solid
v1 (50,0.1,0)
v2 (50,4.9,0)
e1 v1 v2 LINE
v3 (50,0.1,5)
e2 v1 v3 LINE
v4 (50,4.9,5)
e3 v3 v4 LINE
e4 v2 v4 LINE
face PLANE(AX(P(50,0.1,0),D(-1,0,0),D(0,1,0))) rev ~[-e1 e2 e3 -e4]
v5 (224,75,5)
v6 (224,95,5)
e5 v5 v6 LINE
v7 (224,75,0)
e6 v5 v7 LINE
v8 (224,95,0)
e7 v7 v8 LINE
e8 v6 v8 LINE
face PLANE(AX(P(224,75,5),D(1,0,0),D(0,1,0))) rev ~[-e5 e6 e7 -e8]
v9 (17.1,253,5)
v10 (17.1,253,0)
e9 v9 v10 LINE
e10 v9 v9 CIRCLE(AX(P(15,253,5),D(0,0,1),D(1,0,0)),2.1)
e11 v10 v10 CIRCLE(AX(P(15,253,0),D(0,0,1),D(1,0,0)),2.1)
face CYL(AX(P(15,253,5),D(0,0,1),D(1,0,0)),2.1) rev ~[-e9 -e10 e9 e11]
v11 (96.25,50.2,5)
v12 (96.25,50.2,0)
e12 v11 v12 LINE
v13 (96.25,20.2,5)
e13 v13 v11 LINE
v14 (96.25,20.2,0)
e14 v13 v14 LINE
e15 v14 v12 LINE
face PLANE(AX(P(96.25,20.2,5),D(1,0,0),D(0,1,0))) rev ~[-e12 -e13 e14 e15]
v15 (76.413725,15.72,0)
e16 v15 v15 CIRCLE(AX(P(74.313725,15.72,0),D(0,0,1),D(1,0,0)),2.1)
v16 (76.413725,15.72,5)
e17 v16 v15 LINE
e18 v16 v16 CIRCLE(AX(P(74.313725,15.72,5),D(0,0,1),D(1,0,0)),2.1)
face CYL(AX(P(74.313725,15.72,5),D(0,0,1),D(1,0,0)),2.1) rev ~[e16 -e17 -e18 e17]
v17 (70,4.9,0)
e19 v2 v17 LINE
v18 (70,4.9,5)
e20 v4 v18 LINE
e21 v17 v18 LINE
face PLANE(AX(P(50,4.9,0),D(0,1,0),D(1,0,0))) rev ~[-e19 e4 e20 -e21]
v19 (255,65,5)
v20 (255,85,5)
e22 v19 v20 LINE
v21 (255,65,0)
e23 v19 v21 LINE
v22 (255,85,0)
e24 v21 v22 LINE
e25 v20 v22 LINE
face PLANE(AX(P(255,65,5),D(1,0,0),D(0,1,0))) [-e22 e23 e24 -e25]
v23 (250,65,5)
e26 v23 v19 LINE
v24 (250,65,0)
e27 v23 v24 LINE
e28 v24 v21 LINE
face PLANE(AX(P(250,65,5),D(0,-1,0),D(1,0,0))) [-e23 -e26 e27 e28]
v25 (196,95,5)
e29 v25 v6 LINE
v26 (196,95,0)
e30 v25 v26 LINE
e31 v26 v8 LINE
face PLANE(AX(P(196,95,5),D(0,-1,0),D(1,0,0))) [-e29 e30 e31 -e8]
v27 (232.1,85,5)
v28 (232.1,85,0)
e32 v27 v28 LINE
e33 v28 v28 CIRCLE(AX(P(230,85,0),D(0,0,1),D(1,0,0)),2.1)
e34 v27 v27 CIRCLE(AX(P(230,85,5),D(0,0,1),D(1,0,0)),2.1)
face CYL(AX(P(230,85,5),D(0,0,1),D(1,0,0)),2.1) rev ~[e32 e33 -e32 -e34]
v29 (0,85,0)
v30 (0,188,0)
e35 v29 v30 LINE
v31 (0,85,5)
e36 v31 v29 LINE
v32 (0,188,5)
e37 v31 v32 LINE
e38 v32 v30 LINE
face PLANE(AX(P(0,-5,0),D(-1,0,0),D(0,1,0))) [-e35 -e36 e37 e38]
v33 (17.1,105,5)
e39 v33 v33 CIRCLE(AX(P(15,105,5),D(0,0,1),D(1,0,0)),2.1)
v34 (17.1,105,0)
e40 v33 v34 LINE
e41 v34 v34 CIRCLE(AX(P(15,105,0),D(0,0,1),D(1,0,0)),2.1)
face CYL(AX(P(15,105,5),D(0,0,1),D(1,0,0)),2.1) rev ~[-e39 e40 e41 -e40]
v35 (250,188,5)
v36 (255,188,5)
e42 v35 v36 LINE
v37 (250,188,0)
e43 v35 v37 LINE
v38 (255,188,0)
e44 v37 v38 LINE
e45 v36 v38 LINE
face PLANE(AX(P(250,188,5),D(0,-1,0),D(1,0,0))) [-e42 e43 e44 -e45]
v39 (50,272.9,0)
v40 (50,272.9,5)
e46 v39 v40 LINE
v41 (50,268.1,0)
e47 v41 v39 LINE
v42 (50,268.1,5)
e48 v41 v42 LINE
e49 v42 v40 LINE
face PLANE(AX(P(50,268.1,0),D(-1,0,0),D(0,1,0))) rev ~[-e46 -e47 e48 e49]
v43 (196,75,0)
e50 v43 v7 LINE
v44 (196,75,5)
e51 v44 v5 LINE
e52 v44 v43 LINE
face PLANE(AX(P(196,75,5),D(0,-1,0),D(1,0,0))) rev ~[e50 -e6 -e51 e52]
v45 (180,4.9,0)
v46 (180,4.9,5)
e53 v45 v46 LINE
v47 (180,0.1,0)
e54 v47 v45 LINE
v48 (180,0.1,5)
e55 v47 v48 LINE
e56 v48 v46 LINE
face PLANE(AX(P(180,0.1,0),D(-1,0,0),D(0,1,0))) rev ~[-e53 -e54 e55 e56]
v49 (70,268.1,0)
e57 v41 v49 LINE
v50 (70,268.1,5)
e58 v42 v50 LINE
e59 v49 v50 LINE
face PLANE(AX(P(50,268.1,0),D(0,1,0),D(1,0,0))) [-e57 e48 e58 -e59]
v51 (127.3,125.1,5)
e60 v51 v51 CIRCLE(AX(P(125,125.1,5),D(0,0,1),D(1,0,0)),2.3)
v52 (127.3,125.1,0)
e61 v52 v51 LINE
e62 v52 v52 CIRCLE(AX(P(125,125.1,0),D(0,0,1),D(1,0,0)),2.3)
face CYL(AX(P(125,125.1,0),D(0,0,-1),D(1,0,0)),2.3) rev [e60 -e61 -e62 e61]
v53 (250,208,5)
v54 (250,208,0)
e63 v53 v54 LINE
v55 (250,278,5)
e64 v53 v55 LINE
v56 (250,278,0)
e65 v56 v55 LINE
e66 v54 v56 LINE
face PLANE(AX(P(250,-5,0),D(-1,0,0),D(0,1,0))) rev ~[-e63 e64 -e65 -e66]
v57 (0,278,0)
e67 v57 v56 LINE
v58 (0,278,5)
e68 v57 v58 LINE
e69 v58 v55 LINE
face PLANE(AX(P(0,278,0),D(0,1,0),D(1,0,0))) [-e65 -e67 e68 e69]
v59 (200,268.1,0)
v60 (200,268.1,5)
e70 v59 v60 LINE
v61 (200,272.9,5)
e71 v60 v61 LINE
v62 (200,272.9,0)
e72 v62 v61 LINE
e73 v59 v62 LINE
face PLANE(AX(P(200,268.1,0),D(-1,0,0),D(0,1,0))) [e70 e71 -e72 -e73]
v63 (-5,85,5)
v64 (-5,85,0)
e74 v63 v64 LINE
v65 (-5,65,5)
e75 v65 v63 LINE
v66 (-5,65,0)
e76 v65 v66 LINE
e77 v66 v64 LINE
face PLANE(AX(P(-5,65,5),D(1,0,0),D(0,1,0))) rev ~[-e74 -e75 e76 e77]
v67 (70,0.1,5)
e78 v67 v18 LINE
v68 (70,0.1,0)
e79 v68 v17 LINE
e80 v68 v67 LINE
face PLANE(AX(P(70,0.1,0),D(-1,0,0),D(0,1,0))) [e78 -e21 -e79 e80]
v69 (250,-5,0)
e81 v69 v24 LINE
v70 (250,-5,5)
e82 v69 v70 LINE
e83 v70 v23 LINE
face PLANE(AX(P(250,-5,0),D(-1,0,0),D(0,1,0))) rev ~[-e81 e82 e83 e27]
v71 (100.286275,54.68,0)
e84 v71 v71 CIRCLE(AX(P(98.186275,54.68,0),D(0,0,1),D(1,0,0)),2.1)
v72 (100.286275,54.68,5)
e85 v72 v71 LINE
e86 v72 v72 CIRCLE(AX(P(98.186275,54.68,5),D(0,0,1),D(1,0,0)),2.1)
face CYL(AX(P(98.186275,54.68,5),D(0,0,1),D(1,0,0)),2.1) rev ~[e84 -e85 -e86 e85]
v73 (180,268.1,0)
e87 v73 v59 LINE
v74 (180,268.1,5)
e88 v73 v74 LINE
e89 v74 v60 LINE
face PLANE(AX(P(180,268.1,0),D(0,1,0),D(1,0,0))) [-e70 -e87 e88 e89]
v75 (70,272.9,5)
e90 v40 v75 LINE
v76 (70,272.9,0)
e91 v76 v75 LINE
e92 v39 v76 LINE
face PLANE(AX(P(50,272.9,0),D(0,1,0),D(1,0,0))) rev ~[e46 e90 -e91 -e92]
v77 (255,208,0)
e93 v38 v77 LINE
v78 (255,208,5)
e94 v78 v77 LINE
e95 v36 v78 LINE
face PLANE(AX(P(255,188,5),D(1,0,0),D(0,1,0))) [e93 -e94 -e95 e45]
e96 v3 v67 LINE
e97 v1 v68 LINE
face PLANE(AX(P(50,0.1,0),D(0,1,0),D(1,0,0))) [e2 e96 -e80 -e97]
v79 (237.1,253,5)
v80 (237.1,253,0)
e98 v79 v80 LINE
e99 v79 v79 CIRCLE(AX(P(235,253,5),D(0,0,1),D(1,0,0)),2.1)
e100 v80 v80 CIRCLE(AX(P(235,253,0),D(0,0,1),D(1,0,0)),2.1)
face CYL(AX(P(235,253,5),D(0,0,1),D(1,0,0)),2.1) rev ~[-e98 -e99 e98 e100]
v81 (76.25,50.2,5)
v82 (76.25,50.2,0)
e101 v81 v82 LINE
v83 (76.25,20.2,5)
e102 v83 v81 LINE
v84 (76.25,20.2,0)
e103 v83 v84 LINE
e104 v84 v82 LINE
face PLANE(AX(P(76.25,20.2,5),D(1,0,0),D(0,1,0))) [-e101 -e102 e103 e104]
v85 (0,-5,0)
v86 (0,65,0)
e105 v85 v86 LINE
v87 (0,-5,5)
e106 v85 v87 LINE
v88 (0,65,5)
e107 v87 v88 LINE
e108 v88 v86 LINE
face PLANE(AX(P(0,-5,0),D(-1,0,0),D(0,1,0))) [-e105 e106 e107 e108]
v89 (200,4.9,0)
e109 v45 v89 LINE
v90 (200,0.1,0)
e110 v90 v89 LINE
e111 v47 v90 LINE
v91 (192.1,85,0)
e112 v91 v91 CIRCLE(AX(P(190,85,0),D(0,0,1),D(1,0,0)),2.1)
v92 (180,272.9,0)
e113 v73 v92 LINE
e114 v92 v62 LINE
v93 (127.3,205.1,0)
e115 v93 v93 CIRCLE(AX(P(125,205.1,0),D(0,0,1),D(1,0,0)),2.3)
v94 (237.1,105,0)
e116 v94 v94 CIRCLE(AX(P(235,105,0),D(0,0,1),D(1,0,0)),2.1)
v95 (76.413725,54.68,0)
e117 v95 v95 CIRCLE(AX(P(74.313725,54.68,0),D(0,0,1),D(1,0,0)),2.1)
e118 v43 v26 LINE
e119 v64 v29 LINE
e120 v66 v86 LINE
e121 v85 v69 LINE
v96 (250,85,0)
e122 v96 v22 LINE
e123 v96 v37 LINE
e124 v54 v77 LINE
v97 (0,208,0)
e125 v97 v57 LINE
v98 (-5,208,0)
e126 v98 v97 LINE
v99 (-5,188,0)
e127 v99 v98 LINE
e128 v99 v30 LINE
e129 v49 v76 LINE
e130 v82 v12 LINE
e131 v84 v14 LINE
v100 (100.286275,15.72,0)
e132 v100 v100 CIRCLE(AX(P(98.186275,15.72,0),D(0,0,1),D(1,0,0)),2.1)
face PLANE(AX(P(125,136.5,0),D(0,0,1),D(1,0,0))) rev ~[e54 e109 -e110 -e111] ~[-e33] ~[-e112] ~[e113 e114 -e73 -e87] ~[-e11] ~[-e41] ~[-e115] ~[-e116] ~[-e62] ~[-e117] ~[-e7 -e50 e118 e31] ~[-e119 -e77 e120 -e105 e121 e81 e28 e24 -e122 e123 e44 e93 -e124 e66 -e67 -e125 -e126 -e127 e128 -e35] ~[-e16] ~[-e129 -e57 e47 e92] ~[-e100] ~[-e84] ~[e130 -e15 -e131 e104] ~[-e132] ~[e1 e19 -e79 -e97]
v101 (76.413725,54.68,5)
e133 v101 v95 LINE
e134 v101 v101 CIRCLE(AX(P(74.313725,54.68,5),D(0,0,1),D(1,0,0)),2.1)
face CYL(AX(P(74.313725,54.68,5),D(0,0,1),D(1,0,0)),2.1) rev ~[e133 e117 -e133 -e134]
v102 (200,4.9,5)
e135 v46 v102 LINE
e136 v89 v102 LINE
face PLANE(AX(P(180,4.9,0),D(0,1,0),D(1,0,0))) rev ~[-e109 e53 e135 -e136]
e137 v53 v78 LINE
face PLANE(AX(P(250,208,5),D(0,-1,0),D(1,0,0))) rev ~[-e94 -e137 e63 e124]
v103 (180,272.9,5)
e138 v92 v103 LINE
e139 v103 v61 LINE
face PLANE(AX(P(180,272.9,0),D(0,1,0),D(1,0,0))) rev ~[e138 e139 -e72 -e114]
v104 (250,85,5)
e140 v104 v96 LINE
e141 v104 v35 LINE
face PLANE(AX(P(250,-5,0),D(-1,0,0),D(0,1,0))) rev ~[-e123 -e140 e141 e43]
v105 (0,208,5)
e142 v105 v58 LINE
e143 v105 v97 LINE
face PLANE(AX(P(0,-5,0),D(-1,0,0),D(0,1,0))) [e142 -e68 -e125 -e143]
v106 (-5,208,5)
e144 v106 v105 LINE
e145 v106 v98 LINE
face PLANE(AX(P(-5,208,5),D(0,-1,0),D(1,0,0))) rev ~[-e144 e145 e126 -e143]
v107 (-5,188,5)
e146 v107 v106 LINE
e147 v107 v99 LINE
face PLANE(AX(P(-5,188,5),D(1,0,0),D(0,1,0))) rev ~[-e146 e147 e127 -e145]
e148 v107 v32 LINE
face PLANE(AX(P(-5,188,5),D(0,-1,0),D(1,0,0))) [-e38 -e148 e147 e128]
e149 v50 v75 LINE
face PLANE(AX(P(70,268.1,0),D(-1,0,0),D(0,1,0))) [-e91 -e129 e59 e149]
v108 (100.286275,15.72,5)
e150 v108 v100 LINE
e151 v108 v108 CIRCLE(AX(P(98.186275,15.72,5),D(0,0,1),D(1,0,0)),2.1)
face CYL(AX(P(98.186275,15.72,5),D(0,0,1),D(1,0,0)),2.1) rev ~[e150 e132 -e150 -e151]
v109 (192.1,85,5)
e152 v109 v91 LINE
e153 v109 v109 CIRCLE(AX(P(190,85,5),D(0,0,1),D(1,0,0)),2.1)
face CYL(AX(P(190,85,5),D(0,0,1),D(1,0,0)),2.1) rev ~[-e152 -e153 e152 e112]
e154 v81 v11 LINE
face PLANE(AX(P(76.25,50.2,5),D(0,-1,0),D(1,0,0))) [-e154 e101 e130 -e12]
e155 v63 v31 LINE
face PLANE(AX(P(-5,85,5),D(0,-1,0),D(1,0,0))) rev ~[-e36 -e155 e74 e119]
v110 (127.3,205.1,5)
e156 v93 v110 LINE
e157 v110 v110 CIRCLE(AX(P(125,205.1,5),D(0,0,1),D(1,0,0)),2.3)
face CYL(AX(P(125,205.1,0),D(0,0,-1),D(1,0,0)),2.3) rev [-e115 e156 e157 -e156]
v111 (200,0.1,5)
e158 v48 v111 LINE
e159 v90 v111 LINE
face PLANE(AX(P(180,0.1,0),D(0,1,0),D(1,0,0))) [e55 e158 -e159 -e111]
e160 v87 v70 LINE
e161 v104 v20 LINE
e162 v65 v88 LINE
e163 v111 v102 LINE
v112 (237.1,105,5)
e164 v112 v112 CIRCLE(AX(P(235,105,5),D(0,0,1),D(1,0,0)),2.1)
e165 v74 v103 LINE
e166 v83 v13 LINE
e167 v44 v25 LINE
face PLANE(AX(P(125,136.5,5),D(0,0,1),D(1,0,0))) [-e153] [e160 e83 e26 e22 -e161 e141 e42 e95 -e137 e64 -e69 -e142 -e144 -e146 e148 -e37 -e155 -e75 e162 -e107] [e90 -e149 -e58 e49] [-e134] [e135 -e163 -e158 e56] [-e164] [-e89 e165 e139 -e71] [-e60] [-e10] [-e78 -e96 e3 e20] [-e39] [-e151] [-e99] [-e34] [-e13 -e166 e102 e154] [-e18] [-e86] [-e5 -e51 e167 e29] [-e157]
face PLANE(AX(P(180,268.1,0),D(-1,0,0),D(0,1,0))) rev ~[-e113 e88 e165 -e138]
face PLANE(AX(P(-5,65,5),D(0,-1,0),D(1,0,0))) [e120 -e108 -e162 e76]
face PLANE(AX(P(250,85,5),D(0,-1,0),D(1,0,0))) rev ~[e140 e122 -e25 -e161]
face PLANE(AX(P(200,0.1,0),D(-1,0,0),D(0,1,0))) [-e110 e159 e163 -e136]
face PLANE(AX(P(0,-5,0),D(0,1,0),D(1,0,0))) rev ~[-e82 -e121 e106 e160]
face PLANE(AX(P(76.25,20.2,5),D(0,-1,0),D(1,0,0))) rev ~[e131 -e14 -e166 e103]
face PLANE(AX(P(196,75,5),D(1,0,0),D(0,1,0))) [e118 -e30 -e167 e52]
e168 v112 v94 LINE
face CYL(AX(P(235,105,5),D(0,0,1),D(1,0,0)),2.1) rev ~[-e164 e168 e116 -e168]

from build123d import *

# Parameters (mm, degrees)
SKETCH1_W           = 250
SKETCH1_H           = 283
SKETCH1_R           = 2.3
SKETCH1_W_2         = 20
SKETCH1_H_2         = 4.8
BOSS_EXTRUDE1_DEPTH = 5
SKETCH2_W           = 5
SKETCH2_H           = 20
BOSS_EXTRUDE2_DEPTH = 5
SKETCH3_R           = 2.1
SKETCH3_W           = 28
SKETCH3_H           = 20
CUT_EXTRUDE1_DEPTH  = 5
SKETCH4_W           = 20
SKETCH4_H           = 30
CUT_EXTRUDE2_DEPTH  = 5
SKETCH5_R           = 2.1
CUT_EXTRUDE3_DEPTH  = 6
SKETCH6_R           = 2.1
CUT_EXTRUDE4_DEPTH  = 5
SKETCH7_R           = 2.1
CUT_EXTRUDE5_DEPTH  = 5


with BuildPart() as part:
    # Sketch1 → Boss-Extrude1 (new body)
    with BuildSketch(Plane.XY):
        with Locations((125, 136.5)):
            Rectangle(SKETCH1_W, SKETCH1_H)
        with Locations((125, 125.1)):
            Circle(SKETCH1_R, mode=Mode.SUBTRACT)
        with Locations((125, 205.1)):
            Circle(SKETCH1_R, mode=Mode.SUBTRACT)
        with Locations((60, 2.5)):
            Rectangle(SKETCH1_W_2, SKETCH1_H_2, mode=Mode.SUBTRACT)
        with Locations((190, 2.5)):
            Rectangle(SKETCH1_W_2, SKETCH1_H_2, mode=Mode.SUBTRACT)
        with Locations((190, 270.5)):
            Rectangle(SKETCH1_W_2, SKETCH1_H_2, mode=Mode.SUBTRACT)
        with Locations((60, 270.5)):
            Rectangle(SKETCH1_W_2, SKETCH1_H_2, mode=Mode.SUBTRACT)
    extrude(amount=BOSS_EXTRUDE1_DEPTH)

    # Sketch2 → Boss-Extrude2 (add)
    with BuildSketch(Plane.XY.offset(5)):
        with Locations((-2.5, 198)):
            Rectangle(SKETCH2_W, SKETCH2_H)
        with Locations((-2.5, 75)):
            Rectangle(SKETCH2_W, SKETCH2_H)
        with Locations((252.5, 198)):
            Rectangle(SKETCH2_W, SKETCH2_H)
        with Locations((252.5, 75)):
            Rectangle(SKETCH2_W, SKETCH2_H)
    extrude(amount=-BOSS_EXTRUDE2_DEPTH)

    # Sketch3 → Cut-Extrude1 (cut)
    with BuildSketch(Plane.XY.offset(5)):
        with Locations((190, 85)):
            Circle(SKETCH3_R)
        with Locations((230, 85)):
            Circle(SKETCH3_R)
        with Locations((210, 85)):
            Rectangle(SKETCH3_W, SKETCH3_H)
    extrude(amount=-CUT_EXTRUDE1_DEPTH, mode=Mode.SUBTRACT)

    # Sketch4 → Cut-Extrude2 (cut)
    with BuildSketch(Plane.XY.offset(5)):
        with Locations((86.25, 35.2)):
            Rectangle(SKETCH4_W, SKETCH4_H)
    extrude(amount=-CUT_EXTRUDE2_DEPTH, mode=Mode.SUBTRACT)

    # Sketch5 → Cut-Extrude3 (cut, through all)
    with BuildSketch(Plane.XY.offset(5)):
        with Locations((98.18627451, 15.72)):
            Circle(SKETCH5_R)
        with Locations((74.31372549, 15.72)):
            Circle(SKETCH5_R)
        with Locations((74.31372549, 54.68)):
            Circle(SKETCH5_R)
        with Locations((98.18627451, 54.68)):
            Circle(SKETCH5_R)
    extrude(amount=-CUT_EXTRUDE3_DEPTH, mode=Mode.SUBTRACT)

    # Sketch6 → Cut-Extrude4 (cut)
    with BuildSketch(Plane.XY.offset(5)):
        with Locations((235, 253)):
            Circle(SKETCH6_R)
        with Locations((15, 253)):
            Circle(SKETCH6_R)
    extrude(amount=-CUT_EXTRUDE4_DEPTH, mode=Mode.SUBTRACT)

    # Sketch7 → Cut-Extrude5 (cut)
    with BuildSketch(Plane.XY.offset(5)):
        with Locations((15, 105)):
            Circle(SKETCH7_R)
        with Locations((235, 105)):
            Circle(SKETCH7_R)
    extrude(amount=-CUT_EXTRUDE5_DEPTH, mode=Mode.SUBTRACT)


solid = part.part
